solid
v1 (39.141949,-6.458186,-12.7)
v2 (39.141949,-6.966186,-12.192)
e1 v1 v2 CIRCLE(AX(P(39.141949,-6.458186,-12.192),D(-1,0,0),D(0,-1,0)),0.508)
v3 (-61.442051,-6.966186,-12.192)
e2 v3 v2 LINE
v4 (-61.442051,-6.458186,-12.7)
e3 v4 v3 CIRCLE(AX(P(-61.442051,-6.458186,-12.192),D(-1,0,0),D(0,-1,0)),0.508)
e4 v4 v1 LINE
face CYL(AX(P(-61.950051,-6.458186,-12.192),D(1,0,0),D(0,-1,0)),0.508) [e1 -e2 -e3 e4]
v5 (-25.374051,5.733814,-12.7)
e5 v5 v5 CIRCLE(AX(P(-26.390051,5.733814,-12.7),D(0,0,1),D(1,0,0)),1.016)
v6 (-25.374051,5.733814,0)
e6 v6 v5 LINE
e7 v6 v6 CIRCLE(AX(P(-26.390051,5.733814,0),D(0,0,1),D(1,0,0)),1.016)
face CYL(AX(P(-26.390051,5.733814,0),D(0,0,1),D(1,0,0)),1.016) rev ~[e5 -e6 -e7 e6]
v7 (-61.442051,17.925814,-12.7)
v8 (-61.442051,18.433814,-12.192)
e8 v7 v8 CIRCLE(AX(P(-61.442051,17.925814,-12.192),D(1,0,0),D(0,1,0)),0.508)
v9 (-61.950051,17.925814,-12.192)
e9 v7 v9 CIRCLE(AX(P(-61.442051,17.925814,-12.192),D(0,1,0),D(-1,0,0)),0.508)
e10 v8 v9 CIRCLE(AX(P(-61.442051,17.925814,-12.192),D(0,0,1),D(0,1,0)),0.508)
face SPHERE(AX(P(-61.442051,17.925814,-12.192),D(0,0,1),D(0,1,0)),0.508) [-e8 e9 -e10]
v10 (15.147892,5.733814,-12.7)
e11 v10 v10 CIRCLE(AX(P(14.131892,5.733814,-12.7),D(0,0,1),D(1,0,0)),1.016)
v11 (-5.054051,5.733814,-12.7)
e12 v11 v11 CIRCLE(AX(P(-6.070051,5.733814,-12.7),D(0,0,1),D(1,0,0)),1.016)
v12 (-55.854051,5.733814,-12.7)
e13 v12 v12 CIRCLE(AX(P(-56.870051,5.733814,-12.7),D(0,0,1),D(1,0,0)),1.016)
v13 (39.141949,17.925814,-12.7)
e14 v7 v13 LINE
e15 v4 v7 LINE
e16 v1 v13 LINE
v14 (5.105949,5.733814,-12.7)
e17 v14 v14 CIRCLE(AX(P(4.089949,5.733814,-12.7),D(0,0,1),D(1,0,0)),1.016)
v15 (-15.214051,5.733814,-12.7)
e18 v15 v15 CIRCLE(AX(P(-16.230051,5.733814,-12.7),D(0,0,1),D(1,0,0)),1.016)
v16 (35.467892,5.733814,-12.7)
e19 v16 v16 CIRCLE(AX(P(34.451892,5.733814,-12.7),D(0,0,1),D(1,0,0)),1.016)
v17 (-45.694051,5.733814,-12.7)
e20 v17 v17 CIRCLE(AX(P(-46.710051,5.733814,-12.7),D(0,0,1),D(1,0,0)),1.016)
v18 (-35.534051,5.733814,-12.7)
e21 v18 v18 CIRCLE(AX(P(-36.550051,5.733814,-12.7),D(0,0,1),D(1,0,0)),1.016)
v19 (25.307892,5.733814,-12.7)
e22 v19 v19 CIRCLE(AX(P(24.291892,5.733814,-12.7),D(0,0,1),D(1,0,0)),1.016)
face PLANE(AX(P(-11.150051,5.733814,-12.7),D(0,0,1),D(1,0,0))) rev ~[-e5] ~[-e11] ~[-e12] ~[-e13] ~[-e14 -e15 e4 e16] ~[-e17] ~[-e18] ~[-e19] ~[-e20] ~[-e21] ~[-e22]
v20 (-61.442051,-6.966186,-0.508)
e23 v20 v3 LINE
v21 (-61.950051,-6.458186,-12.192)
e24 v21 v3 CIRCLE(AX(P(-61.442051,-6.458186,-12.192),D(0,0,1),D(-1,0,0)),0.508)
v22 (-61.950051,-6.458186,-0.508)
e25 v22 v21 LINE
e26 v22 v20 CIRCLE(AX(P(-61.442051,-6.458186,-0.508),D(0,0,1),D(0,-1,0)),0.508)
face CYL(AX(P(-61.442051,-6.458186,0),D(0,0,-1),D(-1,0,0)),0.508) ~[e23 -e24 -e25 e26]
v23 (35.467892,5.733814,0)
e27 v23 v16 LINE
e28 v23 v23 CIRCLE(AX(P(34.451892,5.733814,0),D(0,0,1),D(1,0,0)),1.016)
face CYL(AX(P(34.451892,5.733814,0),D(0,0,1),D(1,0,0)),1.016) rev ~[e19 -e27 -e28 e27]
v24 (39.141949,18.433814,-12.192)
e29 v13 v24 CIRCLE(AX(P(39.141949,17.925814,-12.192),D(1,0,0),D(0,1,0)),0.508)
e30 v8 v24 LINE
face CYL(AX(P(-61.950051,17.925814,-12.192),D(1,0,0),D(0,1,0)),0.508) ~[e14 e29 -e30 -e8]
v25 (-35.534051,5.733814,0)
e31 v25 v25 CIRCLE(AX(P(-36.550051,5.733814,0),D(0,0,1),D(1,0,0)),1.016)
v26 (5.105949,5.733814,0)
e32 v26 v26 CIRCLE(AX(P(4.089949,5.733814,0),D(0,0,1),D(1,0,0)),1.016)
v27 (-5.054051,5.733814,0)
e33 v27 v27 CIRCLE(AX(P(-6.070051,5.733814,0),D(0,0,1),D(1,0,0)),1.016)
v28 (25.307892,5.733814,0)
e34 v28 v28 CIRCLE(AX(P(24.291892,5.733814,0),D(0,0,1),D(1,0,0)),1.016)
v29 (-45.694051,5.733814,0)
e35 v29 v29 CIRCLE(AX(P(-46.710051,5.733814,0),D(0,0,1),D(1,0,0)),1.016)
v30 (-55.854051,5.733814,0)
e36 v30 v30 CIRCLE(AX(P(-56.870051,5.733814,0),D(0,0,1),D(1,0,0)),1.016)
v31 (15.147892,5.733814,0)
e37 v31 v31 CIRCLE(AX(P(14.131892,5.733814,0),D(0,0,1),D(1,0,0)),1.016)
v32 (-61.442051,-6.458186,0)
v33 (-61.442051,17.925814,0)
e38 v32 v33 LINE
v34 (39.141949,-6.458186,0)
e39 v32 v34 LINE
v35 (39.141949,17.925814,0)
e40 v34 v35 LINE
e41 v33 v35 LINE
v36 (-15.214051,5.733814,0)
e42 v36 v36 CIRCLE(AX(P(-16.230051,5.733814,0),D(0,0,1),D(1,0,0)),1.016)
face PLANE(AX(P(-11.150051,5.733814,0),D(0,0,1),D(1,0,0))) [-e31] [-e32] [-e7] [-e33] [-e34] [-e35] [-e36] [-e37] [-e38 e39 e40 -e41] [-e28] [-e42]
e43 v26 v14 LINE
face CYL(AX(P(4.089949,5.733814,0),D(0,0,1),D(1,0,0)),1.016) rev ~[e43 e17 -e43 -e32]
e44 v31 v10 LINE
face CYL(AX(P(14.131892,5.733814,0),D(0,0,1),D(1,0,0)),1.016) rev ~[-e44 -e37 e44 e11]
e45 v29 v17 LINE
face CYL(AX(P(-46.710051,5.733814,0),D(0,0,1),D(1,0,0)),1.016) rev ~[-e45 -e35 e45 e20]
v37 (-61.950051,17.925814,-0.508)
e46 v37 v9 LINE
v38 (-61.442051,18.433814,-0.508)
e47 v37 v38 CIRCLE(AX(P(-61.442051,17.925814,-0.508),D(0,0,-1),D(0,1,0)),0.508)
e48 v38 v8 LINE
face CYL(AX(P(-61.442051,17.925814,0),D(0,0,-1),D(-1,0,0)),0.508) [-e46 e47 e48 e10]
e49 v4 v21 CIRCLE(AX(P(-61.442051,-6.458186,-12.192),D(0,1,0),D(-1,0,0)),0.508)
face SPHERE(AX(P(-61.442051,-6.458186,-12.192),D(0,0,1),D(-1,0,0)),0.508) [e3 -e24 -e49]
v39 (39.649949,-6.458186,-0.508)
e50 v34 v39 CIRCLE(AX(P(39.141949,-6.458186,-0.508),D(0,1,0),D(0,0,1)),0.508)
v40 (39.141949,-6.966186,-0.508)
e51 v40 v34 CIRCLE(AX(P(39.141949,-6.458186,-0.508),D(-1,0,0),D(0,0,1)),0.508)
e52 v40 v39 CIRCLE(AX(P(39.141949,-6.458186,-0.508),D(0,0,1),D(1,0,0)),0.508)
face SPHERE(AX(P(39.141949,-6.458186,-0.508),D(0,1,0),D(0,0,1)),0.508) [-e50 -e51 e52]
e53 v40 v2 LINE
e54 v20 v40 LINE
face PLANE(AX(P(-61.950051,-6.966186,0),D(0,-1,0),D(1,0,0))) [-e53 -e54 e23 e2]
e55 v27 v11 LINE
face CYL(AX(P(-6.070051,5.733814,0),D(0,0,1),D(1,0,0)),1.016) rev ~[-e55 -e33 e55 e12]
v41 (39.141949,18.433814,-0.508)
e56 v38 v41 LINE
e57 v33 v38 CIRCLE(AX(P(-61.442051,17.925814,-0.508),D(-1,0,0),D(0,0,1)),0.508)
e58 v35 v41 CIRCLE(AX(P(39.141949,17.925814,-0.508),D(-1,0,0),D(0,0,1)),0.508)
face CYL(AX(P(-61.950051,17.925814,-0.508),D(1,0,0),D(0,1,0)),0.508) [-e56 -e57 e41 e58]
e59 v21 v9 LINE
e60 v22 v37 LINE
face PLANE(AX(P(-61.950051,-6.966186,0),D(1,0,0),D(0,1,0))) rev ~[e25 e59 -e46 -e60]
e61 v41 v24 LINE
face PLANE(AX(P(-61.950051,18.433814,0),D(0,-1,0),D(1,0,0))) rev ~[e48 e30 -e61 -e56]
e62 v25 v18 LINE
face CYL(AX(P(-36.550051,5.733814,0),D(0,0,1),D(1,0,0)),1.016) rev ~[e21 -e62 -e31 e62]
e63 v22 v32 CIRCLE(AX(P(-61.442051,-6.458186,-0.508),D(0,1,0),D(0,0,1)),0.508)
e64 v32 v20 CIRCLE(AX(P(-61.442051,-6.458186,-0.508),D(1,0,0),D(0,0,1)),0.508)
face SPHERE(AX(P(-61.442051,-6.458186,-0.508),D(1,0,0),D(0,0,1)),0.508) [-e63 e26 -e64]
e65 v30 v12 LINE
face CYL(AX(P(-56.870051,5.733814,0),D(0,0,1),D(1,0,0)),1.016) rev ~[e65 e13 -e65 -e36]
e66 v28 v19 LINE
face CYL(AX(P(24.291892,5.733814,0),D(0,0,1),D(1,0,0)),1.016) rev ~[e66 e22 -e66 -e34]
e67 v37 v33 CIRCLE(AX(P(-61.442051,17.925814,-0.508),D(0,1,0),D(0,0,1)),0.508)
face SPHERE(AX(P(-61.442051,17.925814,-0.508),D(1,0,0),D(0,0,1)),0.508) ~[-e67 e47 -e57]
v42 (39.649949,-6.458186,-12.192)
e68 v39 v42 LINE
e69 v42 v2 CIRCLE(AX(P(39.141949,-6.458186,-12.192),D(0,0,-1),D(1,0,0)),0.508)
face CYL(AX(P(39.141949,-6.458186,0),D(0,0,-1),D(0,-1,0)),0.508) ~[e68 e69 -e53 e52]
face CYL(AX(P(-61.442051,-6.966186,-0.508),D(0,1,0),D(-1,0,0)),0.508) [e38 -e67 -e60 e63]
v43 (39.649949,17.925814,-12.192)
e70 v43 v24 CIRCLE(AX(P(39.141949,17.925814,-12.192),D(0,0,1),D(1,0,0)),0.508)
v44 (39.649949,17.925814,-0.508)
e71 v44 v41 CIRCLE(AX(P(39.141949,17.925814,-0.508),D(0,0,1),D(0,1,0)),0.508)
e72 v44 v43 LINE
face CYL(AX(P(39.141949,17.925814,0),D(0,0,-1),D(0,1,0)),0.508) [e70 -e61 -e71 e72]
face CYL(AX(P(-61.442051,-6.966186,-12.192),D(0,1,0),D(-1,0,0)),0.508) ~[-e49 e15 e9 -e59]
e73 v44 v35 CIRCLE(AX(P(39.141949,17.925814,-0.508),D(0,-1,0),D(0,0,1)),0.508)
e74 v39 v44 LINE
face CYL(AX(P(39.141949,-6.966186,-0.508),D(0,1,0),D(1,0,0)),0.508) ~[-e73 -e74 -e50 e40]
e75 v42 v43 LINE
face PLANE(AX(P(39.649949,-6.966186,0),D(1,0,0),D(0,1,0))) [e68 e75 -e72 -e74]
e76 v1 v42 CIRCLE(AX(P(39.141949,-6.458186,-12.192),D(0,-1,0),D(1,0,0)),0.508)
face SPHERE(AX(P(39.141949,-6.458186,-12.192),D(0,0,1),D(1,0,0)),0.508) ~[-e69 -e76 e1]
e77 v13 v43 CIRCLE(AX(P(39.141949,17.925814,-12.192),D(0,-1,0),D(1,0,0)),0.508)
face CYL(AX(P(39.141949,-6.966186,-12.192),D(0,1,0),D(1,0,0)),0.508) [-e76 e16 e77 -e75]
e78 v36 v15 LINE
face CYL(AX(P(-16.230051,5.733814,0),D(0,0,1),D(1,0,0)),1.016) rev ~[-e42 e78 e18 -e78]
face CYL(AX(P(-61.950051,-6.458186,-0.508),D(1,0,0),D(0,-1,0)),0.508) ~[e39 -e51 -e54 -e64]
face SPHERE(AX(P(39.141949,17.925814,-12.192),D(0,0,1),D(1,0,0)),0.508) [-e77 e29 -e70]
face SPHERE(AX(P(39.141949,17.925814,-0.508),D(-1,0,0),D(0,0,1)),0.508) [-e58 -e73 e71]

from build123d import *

# Parameters (mm, degrees)
F0_W     = 101.6
F0_H     = 25.4
F0_R     = 1.016
F1_DEPTH = 12.7
F2_R     = 0.508


with BuildPart() as f1:
    # F0 (on Top) → F1 (new body)
    with BuildSketch(Plane.XY):
        with Locations((-11.150051, 5.733814)):
            Rectangle(F0_W, F0_H)
        with Locations((-56.870051, 5.733814)):
            Circle(F0_R, mode=Mode.SUBTRACT)
        with Locations((-46.710051, 5.733814)):
            Circle(F0_R, mode=Mode.SUBTRACT)
        with Locations((-36.550051, 5.733814)):
            Circle(F0_R, mode=Mode.SUBTRACT)
        with Locations((-26.390051, 5.733814)):
            Circle(F0_R, mode=Mode.SUBTRACT)
        with Locations((-16.230051, 5.733814)):
            Circle(F0_R, mode=Mode.SUBTRACT)
        with Locations((-6.070051, 5.733814)):
            Circle(F0_R, mode=Mode.SUBTRACT)
        with Locations((4.089949, 5.733814)):
            Circle(F0_R, mode=Mode.SUBTRACT)
        with Locations((14.131892, 5.733814)):
            Circle(F0_R, mode=Mode.SUBTRACT)
        with Locations((24.291892, 5.733814)):
            Circle(F0_R, mode=Mode.SUBTRACT)
        with Locations((34.451892, 5.733814)):
            Circle(F0_R, mode=Mode.SUBTRACT)
    extrude(amount=-F1_DEPTH)

    # F2
    f2_edges = [f1.edges().sort_by_distance(p)[0] for p in [
        (-11.150051, 18.433814, 0),
        (39.649949, 5.733814, 0),
        (-11.150051, -6.966186, 0),
        (-61.950051, 5.733814, 0),
        (-61.950051, -6.966186, -6.35),
        (39.649949, -6.966186, -6.35),
        (39.649949, 18.433814, -6.35),
        (-61.950051, 18.433814, -6.35),
        (39.649949, 5.733814, -12.7),
        (-11.150051, 18.433814, -12.7),
        (-61.950051, 5.733814, -12.7),
        (-11.150051, -6.966186, -12.7),
    ]]
    fillet(f2_edges, radius=F2_R)


solid = f1.part
